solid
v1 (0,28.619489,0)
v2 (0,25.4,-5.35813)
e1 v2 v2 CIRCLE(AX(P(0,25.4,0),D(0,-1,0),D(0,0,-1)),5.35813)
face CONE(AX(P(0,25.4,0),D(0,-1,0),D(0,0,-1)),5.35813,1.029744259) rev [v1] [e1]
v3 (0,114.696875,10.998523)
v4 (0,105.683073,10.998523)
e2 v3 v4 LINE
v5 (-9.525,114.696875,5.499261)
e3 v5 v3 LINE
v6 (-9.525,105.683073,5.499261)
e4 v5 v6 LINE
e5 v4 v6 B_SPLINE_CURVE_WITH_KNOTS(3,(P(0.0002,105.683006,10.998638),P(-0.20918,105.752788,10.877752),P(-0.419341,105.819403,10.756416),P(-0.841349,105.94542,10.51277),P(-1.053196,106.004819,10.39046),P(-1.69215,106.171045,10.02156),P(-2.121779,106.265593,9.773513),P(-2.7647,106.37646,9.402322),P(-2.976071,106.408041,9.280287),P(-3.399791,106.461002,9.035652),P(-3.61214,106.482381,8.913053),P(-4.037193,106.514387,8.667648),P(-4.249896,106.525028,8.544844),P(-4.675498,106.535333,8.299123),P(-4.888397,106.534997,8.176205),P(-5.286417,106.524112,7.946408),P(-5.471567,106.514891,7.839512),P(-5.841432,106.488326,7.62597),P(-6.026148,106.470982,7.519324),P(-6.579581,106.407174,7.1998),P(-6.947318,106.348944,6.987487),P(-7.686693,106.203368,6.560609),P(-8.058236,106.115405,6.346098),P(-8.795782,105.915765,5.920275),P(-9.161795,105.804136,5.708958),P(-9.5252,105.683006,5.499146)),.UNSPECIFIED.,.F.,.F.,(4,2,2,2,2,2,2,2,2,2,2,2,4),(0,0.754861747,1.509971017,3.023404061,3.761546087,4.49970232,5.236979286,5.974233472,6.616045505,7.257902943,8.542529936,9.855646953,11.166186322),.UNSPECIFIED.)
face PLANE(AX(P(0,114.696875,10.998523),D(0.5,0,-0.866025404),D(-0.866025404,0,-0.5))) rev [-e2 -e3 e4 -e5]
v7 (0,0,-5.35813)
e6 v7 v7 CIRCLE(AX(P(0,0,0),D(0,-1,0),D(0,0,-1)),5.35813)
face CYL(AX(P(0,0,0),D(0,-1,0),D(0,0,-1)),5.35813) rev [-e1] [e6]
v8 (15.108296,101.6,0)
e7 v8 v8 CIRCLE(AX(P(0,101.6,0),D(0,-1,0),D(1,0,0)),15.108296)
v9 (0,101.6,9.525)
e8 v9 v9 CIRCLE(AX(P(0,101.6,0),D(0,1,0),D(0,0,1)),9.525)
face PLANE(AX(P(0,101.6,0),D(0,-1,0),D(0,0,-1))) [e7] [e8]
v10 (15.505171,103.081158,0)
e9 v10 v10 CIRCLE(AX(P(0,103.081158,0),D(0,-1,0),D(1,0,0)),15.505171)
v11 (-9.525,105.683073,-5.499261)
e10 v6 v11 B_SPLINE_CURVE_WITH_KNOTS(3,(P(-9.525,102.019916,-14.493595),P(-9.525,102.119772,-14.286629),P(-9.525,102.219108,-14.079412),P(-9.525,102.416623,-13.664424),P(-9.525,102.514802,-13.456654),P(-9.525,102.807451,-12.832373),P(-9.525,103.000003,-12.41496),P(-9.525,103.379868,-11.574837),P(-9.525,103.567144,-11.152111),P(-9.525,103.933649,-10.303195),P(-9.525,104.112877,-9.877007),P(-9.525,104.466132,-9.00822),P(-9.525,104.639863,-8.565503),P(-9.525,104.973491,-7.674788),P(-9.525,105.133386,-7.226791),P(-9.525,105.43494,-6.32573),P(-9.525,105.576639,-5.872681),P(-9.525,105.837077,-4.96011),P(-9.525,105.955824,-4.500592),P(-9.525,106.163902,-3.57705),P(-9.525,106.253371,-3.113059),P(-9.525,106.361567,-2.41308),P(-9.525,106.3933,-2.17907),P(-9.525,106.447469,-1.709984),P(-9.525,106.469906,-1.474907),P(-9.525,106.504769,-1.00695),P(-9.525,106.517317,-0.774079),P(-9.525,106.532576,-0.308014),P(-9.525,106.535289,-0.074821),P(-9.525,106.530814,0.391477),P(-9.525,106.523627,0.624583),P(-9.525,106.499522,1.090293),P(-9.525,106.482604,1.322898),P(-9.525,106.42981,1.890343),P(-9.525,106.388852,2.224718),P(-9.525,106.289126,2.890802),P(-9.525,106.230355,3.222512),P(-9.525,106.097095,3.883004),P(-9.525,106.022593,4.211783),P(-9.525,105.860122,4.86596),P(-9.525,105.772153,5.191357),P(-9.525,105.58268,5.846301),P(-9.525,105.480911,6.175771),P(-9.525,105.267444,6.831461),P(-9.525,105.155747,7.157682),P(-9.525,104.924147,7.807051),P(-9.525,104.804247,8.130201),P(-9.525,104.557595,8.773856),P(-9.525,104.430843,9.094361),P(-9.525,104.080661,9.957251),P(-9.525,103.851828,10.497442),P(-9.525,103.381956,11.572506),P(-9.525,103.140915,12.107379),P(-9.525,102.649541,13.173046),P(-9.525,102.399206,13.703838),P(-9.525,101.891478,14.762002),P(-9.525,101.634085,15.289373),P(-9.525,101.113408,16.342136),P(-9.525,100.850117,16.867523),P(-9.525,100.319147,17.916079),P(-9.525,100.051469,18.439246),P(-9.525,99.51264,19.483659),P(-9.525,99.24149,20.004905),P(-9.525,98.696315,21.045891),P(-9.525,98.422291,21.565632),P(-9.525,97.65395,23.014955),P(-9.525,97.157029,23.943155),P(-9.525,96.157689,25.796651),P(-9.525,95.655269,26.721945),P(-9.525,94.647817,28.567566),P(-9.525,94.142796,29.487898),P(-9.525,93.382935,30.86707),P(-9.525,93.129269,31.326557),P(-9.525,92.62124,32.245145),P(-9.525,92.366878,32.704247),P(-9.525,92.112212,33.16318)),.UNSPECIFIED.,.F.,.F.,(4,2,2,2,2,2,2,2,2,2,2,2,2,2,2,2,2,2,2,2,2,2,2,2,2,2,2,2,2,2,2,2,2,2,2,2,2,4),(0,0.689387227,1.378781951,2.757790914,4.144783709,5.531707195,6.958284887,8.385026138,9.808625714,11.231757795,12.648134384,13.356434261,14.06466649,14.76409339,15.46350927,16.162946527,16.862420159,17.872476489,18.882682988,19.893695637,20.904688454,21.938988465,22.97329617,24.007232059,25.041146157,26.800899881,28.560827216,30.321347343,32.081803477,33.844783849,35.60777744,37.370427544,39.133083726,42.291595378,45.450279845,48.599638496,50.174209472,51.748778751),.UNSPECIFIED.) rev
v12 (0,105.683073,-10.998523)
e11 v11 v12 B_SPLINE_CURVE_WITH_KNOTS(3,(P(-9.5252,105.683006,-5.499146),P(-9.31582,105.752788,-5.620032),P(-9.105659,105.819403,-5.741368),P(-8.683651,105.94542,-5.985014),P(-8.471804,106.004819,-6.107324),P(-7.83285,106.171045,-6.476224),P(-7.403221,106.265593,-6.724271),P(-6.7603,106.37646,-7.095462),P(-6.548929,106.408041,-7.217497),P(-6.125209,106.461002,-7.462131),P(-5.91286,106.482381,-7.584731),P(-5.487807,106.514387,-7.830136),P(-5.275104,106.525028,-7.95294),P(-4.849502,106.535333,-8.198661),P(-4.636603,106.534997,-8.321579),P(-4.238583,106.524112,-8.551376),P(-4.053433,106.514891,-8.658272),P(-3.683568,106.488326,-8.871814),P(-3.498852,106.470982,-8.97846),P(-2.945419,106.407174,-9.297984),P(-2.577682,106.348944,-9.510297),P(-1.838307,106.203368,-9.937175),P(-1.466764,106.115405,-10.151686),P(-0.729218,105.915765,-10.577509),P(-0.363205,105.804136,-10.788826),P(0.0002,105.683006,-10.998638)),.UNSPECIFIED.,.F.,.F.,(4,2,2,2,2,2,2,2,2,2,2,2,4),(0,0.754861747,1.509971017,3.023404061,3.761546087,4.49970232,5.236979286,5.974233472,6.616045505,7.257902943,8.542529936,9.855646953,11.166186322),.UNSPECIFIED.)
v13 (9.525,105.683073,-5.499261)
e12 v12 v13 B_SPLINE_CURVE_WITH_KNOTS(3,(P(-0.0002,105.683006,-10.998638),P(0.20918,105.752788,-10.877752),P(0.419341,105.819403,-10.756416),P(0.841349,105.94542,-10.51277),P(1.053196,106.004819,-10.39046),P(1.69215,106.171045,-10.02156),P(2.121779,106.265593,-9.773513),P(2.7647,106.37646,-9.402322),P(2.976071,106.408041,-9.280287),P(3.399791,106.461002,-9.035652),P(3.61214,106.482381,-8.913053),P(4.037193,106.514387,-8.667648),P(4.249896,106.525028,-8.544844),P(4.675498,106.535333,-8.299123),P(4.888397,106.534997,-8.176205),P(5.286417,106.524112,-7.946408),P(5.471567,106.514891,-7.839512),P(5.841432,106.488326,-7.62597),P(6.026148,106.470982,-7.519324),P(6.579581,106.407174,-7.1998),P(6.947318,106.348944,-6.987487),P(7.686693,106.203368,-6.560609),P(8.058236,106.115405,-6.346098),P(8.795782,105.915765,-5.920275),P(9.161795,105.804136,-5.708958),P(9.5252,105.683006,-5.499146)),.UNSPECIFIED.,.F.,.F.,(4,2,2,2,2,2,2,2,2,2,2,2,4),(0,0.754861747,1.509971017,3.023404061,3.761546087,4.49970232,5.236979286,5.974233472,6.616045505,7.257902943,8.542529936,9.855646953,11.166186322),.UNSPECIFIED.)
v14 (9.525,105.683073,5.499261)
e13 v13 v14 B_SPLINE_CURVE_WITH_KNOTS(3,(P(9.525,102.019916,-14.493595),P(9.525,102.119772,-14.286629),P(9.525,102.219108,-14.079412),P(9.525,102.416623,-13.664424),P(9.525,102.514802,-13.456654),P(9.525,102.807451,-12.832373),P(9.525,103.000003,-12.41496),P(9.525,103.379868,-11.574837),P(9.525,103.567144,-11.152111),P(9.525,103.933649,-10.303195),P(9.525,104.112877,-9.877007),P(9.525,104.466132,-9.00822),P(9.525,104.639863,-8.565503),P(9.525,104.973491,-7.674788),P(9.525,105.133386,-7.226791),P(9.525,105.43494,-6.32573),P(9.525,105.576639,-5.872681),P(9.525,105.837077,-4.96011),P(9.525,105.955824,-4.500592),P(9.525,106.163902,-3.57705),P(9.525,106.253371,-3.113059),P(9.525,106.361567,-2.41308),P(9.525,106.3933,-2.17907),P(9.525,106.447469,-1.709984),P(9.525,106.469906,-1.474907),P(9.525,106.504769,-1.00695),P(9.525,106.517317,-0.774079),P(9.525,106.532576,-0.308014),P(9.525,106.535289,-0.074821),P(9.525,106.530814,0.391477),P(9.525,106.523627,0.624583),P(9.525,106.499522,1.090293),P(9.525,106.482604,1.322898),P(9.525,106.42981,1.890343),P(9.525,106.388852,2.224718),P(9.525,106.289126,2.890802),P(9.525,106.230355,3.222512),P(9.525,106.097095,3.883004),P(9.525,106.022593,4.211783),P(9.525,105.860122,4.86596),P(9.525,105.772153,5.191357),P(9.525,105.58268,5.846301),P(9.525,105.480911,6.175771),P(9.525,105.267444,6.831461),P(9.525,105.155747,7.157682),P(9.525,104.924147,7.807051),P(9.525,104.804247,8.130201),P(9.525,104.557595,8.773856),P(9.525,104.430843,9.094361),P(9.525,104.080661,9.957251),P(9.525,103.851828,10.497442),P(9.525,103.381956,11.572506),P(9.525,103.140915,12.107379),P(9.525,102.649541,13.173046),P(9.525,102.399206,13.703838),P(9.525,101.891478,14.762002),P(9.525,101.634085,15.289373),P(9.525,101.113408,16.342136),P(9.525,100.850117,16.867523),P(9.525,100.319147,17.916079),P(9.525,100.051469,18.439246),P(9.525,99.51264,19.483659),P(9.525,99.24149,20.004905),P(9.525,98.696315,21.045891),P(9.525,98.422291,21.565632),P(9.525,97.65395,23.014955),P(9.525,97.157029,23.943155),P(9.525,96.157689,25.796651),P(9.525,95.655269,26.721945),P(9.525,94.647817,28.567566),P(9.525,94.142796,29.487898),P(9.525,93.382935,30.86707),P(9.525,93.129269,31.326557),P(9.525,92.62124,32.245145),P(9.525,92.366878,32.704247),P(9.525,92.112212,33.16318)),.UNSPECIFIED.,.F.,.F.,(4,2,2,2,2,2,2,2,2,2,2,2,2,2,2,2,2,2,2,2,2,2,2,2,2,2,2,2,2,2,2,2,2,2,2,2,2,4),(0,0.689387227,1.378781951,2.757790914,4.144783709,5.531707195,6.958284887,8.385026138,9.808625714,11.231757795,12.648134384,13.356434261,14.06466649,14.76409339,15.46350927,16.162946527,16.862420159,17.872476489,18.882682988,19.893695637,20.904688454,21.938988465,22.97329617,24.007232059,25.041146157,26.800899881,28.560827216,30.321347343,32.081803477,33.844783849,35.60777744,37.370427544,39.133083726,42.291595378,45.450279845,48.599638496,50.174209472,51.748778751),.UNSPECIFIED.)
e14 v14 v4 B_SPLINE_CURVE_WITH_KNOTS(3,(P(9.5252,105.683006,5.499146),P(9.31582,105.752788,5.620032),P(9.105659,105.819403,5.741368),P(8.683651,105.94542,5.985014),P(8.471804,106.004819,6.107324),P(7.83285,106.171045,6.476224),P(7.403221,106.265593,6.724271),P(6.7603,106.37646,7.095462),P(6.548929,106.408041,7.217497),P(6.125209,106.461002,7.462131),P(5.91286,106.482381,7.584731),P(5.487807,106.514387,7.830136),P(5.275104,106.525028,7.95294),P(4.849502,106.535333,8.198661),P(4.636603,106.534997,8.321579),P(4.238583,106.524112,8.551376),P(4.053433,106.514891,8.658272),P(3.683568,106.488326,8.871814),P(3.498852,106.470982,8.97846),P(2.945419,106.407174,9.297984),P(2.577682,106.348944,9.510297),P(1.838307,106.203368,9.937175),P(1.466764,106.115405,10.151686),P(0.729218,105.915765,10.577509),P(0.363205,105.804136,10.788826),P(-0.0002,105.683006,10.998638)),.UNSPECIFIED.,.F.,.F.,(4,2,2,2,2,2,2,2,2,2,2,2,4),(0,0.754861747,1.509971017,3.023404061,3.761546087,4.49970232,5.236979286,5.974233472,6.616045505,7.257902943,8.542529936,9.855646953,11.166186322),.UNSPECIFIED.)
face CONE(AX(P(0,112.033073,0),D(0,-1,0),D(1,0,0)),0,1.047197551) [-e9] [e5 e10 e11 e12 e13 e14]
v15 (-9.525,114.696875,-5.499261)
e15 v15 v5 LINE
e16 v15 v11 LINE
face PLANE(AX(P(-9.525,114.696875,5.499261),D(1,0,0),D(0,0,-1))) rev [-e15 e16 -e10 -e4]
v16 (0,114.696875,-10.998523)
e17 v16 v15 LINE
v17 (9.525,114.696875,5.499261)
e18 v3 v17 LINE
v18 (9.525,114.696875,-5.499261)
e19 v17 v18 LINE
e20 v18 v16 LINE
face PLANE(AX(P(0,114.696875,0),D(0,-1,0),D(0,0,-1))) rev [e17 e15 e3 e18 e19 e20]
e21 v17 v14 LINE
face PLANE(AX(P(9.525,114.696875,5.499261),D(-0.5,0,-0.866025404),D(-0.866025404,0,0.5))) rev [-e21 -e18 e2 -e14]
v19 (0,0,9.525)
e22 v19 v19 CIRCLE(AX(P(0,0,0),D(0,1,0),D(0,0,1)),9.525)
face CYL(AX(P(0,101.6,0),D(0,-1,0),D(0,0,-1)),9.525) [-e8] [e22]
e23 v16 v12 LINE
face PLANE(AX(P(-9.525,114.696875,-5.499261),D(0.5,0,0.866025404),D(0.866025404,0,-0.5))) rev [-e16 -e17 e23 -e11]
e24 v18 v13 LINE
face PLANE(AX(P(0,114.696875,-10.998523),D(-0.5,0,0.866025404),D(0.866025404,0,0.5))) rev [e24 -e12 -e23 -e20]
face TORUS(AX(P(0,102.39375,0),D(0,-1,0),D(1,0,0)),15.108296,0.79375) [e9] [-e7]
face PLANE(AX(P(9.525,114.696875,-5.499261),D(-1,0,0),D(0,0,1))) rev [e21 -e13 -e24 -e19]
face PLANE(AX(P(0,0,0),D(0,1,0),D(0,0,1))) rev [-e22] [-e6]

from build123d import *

# Parameters (mm, degrees)
SKETCH1_R                   = 9.525
BOSS_EXTRUDE1_DEPTH         = 101.6
BOSS_EXTRUDE2_DEPTH         = 13.096875
F_1_2_13_TAPPED_HOLE1_D     = 10.71626
F_1_2_13_TAPPED_HOLE1_DEPTH = 25.4
F_1_2_13_TAPPED_HOLE1_TIP   = 3.219489309


with BuildPart() as part:
    # Sketch1 → Boss-Extrude1 (new body)
    with BuildSketch(Plane(origin=(0, 0, 0), x_dir=(1, 0, 0), z_dir=(0, 1, 0))):
        with Locations(Location((0, 0, 0), (0, 0, 270))):
            Circle(SKETCH1_R)
    extrude(amount=BOSS_EXTRUDE1_DEPTH)

    # Sketch4 → Boss-Extrude2 (add)
    with BuildSketch(Plane(origin=(0, 101.6, 0), x_dir=(1, 0, 0), z_dir=(0, 1, 0))):
        Polygon((0, 10.998522628), (9.525, 5.499261314), (9.525, -5.499261314), (0, -10.998522628), (-9.525, -5.499261314), (-9.525, 5.499261314), align=None)
    extrude(amount=BOSS_EXTRUDE2_DEPTH)

    # Sketch5 → Revolve2 (revolve)
    with BuildSketch(Plane.XY, mode=Mode.PRIVATE) as revolve2_sk:
        with BuildLine():
            Line((0, 101.6), (-15.108296375, 101.6))
            ThreePointArc((-15.108296375, 101.6), (-15.875, 102.188312383), (-15.505171375, 103.081157664))
            Line((-15.505171375, 103.081157664), (0, 112.033072532))
            Line((0, 112.033072532), (0, 101.6))
        make_face()
    revolve(revolve2_sk.sketch.rotate(Axis((0, 101.6, 0), (0, 1, 0)), 180), axis=Axis((0, 101.6, 0), (0, 1, 0)))

    # 1/2-13 Tapped Hole1
    with Locations(Plane(origin=(0, 0, 0), x_dir=(-1, 0, 0), z_dir=(0, -1, 0))):
        with Locations((0, 0)):
            Hole(F_1_2_13_TAPPED_HOLE1_D / 2, depth=F_1_2_13_TAPPED_HOLE1_DEPTH)
            with Locations((0, 0, -(F_1_2_13_TAPPED_HOLE1_DEPTH + F_1_2_13_TAPPED_HOLE1_TIP / 2))):  # 118° drill point
                Cone(0, F_1_2_13_TAPPED_HOLE1_D / 2, F_1_2_13_TAPPED_HOLE1_TIP, mode=Mode.SUBTRACT)


solid = part.part
